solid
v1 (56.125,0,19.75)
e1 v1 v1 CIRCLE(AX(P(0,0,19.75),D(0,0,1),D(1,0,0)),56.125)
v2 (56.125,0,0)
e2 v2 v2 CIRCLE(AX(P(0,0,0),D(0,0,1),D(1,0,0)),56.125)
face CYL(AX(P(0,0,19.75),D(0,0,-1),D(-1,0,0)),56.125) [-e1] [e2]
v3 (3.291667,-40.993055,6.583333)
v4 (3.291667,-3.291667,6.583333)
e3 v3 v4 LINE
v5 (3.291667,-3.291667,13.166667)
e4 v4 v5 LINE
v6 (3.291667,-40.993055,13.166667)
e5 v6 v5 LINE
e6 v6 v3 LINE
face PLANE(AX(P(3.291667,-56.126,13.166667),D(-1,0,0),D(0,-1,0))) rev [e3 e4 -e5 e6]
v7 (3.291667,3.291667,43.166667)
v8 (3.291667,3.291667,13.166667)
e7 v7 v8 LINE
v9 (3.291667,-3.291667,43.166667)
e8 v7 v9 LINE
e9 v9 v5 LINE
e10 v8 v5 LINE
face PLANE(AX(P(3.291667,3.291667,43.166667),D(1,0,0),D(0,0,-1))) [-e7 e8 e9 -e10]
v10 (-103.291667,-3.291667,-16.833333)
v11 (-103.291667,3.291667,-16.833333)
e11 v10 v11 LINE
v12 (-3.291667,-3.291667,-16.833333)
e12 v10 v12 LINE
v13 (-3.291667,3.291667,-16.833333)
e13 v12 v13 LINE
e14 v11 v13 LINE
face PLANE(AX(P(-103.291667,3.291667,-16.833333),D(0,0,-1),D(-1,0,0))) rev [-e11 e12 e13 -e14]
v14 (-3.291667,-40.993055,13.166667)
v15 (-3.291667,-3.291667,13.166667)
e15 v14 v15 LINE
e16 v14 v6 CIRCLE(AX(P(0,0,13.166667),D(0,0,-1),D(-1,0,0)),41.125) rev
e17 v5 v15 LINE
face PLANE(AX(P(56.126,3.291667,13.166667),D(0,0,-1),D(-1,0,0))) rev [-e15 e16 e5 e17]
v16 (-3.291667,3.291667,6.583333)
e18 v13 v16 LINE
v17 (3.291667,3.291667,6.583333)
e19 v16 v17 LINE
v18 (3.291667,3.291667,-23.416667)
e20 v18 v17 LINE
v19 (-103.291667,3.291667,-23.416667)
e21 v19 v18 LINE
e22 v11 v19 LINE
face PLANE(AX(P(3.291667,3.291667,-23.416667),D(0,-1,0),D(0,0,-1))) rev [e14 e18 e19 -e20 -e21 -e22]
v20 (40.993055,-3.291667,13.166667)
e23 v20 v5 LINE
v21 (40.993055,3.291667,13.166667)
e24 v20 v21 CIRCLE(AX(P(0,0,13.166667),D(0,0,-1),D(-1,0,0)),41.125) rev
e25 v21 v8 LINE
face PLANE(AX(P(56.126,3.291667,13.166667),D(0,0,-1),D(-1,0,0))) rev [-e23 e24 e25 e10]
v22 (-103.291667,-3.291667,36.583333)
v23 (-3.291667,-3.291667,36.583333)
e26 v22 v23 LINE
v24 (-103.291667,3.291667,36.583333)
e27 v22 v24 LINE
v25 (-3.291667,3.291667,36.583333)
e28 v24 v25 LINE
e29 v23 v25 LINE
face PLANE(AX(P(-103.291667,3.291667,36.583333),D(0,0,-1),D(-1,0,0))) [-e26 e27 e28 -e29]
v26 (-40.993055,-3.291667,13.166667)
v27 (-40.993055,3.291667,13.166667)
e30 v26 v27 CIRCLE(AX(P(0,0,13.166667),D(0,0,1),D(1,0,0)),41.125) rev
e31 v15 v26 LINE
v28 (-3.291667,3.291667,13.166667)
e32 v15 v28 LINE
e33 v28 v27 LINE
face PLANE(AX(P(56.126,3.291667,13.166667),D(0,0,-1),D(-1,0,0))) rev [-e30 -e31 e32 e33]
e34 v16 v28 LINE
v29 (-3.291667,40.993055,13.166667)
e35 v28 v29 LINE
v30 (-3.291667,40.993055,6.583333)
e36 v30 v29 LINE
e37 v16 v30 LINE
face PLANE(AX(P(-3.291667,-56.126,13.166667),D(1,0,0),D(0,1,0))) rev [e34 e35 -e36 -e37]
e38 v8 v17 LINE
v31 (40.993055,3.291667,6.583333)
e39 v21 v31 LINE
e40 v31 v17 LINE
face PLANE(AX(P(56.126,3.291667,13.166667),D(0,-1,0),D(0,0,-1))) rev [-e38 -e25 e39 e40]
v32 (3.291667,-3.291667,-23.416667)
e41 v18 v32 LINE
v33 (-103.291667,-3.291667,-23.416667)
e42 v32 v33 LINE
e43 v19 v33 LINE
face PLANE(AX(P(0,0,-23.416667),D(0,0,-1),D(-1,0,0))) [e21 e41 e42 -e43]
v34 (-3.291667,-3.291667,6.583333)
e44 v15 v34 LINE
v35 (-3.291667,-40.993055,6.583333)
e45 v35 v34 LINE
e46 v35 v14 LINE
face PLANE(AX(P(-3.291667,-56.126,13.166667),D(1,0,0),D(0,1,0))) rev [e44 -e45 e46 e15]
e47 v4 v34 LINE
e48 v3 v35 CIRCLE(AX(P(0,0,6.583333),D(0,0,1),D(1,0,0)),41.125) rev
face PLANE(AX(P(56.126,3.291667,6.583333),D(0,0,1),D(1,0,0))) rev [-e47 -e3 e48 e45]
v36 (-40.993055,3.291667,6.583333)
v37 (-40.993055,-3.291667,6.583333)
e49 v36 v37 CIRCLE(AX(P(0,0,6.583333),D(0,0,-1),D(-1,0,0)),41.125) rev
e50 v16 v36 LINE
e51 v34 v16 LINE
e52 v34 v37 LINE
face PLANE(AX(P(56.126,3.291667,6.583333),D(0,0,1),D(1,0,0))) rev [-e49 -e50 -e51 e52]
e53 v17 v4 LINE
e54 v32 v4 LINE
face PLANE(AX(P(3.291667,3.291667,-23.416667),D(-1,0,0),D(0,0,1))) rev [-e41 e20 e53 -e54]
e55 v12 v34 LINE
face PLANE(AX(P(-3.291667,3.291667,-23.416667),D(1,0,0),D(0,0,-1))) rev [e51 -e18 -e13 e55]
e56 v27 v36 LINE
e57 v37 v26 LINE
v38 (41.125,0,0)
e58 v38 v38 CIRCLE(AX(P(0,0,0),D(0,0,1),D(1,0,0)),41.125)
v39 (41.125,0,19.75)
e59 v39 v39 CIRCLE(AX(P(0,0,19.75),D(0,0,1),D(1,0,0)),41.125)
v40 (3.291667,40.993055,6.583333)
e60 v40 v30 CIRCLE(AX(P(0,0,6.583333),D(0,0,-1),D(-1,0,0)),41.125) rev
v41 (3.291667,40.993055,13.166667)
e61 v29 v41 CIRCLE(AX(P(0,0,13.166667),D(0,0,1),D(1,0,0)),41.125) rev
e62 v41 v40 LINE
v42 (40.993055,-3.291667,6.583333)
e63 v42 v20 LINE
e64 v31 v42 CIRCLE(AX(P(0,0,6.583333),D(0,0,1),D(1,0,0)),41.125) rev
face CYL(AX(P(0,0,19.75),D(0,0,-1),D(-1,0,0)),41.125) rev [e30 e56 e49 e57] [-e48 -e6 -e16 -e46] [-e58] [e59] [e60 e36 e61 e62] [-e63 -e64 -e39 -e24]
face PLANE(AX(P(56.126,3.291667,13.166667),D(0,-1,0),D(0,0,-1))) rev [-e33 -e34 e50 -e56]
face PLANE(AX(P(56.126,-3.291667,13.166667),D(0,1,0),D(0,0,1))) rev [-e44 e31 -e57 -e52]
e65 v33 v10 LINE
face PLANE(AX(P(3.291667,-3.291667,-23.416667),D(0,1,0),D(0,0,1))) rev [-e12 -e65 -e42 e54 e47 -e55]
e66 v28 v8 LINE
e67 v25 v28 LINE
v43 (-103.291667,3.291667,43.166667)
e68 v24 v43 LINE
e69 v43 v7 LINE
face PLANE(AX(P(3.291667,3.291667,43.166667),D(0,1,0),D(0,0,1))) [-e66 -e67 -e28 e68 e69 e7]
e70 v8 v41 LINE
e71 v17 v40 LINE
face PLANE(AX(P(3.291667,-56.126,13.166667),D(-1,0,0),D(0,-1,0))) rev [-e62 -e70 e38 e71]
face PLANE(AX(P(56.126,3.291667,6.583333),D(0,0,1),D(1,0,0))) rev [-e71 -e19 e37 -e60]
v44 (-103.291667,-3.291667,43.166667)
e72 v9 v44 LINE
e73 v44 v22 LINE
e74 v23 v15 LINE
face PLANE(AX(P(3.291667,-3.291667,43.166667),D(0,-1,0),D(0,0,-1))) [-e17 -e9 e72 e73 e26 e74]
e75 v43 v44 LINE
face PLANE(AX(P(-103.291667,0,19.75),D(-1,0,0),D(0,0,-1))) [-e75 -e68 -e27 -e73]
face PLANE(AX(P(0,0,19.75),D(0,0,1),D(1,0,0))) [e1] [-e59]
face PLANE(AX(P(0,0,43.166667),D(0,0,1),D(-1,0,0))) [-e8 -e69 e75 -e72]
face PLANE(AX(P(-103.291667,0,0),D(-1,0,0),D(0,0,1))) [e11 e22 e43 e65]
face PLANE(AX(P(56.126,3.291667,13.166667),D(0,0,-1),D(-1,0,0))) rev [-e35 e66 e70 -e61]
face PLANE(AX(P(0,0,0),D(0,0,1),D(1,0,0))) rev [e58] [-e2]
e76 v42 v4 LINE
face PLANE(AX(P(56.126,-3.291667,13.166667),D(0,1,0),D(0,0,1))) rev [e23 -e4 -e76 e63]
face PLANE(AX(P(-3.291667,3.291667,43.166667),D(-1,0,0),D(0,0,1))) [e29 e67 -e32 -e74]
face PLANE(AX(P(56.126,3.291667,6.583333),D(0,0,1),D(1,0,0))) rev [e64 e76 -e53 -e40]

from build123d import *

# Parameters (mm, degrees)
ESQUISSE1_R                         = 56.125
ESQUISSE1_R_2                       = 41.125
BOSS_EXTRU_1_DEPTH                  = 19.75
BOSS_EXTRU_2_REACH                  = 83.793
BOSS_EXTRU_2_END_RADIUS             = 41.125
ESQUISSE2_W                         = 6.583333334
ESQUISSE2_H                         = 6.583333334
BOSS_EXTRU_2_DIRECTION_2_REACH      = 83.793
BOSS_EXTRU_2_DIRECTION_2_END_RADIUS = 41.125
R_P_TITION_CIRCULAIRE1_COUNT        = 2
R_P_TITION_CIRCULAIRE1_ANGLE        = 90
ESQUISSE5_W                         = 6.583333334
ESQUISSE5_H                         = 6.583333334
BOSS_EXTRU_3_DEPTH                  = 30
ESQUISSE6_W                         = 6.583333334
ESQUISSE6_H                         = 6.583333334
BOSS_EXTRU_4_DEPTH                  = 100


with BuildPart() as part:
    # Esquisse1 → Boss.-Extru.1 (new body)
    with BuildSketch(Plane.XY):
        Circle(ESQUISSE1_R)
        Circle(ESQUISSE1_R_2, mode=Mode.SUBTRACT)
    extrude(amount=BOSS_EXTRU_1_DEPTH)

    # Boss.-Extru.2: up to this cylinder (the profile starts inside it)
    boss_extru_2_end = Plane(origin=(0, 0, 9.875), z_dir=(0, 0, -1)) * Cylinder(BOSS_EXTRU_2_END_RADIUS, 250.836, mode=Mode.PRIVATE)
    # Esquisse2 → Boss.-Extru.2 (add, up to the surface)
    with BuildSketch(Plane(origin=(0, 0, 0), x_dir=(0, 0, -1), z_dir=(1, 0, 0)), mode=Mode.PRIVATE) as boss_extru_2_sk1:
        with Locations((-9.875, 0)):
            Rectangle(ESQUISSE2_W, ESQUISSE2_H)
    boss_extru_2_tool1 = extrude(boss_extru_2_sk1.sketch, amount=BOSS_EXTRU_2_REACH, mode=Mode.PRIVATE) & boss_extru_2_end
    boss_extru_2 = boss_extru_2_tool1.solids().sort_by_distance((0, 0, 9.875))[0]
    add(boss_extru_2)

    # Boss.-Extru.2 direction 2: up to this cylinder (the profile starts inside it)
    boss_extru_2_direction_2_end = Plane(origin=(0, 0, 9.875), z_dir=(0, 0, -1)) * Cylinder(BOSS_EXTRU_2_DIRECTION_2_END_RADIUS, 250.836, mode=Mode.PRIVATE)
    # Esquisse2 → Boss.-Extru.2 direction 2 (add, up to the surface)
    with BuildSketch(Plane(origin=(0, 0, 0), x_dir=(0, 0, -1), z_dir=(1, 0, 0)), mode=Mode.PRIVATE) as boss_extru_2_direction_2_sk1:
        with Locations((-9.875, 0)):
            Rectangle(ESQUISSE2_W, ESQUISSE2_H)
    boss_extru_2_direction_2_tool1 = extrude(boss_extru_2_direction_2_sk1.sketch, amount=-BOSS_EXTRU_2_DIRECTION_2_REACH, mode=Mode.PRIVATE) & boss_extru_2_direction_2_end
    boss_extru_2_direction_2 = boss_extru_2_direction_2_tool1.solids().sort_by_distance((0, 0, 9.875))[0]
    add(boss_extru_2_direction_2)
    boss_extru_2 = boss_extru_2 + boss_extru_2_direction_2  # both directions under the feature's name, for the pattern or mirror that repeats it

    # Répétition circulaire1: Boss.-Extru.2 ×2 about axis
    r_p_tition_circulaire1_axis = Axis((0, 0, 32.118593888), (0, 0, -1))
    for i in range(1, R_P_TITION_CIRCULAIRE1_COUNT):
        add(boss_extru_2.rotate(r_p_tition_circulaire1_axis, i * R_P_TITION_CIRCULAIRE1_ANGLE / (R_P_TITION_CIRCULAIRE1_COUNT - 1)))

    # Esquisse5 → Boss.-Extru.3 (add)
    with BuildSketch(Plane(origin=(0, 0, 6.583333333), x_dir=(-1, 0, 0), z_dir=(0, 0, -1))):
        Rectangle(ESQUISSE5_W, ESQUISSE5_H)
    boss_extru_3 = extrude(amount=BOSS_EXTRU_3_DEPTH)

    # Esquisse6 → Boss.-Extru.4 (add)
    with BuildSketch(Plane.ZY.offset(3.291666667)):
        with Locations((-20.125, 0)):
            Rectangle(ESQUISSE6_W, ESQUISSE6_H)
    boss_extru_4 = extrude(amount=BOSS_EXTRU_4_DEPTH)

    # Symétrie1: Boss.-Extru.3, Boss.-Extru.4 across plane
    add(boss_extru_3.mirror(Plane(origin=(0, 0, 9.875), x_dir=(1, 0, 0), z_dir=(0, 0, -1))))
    add(boss_extru_4.mirror(Plane(origin=(0, 0, 9.875), x_dir=(1, 0, 0), z_dir=(0, 0, -1))))


solid = part.part
